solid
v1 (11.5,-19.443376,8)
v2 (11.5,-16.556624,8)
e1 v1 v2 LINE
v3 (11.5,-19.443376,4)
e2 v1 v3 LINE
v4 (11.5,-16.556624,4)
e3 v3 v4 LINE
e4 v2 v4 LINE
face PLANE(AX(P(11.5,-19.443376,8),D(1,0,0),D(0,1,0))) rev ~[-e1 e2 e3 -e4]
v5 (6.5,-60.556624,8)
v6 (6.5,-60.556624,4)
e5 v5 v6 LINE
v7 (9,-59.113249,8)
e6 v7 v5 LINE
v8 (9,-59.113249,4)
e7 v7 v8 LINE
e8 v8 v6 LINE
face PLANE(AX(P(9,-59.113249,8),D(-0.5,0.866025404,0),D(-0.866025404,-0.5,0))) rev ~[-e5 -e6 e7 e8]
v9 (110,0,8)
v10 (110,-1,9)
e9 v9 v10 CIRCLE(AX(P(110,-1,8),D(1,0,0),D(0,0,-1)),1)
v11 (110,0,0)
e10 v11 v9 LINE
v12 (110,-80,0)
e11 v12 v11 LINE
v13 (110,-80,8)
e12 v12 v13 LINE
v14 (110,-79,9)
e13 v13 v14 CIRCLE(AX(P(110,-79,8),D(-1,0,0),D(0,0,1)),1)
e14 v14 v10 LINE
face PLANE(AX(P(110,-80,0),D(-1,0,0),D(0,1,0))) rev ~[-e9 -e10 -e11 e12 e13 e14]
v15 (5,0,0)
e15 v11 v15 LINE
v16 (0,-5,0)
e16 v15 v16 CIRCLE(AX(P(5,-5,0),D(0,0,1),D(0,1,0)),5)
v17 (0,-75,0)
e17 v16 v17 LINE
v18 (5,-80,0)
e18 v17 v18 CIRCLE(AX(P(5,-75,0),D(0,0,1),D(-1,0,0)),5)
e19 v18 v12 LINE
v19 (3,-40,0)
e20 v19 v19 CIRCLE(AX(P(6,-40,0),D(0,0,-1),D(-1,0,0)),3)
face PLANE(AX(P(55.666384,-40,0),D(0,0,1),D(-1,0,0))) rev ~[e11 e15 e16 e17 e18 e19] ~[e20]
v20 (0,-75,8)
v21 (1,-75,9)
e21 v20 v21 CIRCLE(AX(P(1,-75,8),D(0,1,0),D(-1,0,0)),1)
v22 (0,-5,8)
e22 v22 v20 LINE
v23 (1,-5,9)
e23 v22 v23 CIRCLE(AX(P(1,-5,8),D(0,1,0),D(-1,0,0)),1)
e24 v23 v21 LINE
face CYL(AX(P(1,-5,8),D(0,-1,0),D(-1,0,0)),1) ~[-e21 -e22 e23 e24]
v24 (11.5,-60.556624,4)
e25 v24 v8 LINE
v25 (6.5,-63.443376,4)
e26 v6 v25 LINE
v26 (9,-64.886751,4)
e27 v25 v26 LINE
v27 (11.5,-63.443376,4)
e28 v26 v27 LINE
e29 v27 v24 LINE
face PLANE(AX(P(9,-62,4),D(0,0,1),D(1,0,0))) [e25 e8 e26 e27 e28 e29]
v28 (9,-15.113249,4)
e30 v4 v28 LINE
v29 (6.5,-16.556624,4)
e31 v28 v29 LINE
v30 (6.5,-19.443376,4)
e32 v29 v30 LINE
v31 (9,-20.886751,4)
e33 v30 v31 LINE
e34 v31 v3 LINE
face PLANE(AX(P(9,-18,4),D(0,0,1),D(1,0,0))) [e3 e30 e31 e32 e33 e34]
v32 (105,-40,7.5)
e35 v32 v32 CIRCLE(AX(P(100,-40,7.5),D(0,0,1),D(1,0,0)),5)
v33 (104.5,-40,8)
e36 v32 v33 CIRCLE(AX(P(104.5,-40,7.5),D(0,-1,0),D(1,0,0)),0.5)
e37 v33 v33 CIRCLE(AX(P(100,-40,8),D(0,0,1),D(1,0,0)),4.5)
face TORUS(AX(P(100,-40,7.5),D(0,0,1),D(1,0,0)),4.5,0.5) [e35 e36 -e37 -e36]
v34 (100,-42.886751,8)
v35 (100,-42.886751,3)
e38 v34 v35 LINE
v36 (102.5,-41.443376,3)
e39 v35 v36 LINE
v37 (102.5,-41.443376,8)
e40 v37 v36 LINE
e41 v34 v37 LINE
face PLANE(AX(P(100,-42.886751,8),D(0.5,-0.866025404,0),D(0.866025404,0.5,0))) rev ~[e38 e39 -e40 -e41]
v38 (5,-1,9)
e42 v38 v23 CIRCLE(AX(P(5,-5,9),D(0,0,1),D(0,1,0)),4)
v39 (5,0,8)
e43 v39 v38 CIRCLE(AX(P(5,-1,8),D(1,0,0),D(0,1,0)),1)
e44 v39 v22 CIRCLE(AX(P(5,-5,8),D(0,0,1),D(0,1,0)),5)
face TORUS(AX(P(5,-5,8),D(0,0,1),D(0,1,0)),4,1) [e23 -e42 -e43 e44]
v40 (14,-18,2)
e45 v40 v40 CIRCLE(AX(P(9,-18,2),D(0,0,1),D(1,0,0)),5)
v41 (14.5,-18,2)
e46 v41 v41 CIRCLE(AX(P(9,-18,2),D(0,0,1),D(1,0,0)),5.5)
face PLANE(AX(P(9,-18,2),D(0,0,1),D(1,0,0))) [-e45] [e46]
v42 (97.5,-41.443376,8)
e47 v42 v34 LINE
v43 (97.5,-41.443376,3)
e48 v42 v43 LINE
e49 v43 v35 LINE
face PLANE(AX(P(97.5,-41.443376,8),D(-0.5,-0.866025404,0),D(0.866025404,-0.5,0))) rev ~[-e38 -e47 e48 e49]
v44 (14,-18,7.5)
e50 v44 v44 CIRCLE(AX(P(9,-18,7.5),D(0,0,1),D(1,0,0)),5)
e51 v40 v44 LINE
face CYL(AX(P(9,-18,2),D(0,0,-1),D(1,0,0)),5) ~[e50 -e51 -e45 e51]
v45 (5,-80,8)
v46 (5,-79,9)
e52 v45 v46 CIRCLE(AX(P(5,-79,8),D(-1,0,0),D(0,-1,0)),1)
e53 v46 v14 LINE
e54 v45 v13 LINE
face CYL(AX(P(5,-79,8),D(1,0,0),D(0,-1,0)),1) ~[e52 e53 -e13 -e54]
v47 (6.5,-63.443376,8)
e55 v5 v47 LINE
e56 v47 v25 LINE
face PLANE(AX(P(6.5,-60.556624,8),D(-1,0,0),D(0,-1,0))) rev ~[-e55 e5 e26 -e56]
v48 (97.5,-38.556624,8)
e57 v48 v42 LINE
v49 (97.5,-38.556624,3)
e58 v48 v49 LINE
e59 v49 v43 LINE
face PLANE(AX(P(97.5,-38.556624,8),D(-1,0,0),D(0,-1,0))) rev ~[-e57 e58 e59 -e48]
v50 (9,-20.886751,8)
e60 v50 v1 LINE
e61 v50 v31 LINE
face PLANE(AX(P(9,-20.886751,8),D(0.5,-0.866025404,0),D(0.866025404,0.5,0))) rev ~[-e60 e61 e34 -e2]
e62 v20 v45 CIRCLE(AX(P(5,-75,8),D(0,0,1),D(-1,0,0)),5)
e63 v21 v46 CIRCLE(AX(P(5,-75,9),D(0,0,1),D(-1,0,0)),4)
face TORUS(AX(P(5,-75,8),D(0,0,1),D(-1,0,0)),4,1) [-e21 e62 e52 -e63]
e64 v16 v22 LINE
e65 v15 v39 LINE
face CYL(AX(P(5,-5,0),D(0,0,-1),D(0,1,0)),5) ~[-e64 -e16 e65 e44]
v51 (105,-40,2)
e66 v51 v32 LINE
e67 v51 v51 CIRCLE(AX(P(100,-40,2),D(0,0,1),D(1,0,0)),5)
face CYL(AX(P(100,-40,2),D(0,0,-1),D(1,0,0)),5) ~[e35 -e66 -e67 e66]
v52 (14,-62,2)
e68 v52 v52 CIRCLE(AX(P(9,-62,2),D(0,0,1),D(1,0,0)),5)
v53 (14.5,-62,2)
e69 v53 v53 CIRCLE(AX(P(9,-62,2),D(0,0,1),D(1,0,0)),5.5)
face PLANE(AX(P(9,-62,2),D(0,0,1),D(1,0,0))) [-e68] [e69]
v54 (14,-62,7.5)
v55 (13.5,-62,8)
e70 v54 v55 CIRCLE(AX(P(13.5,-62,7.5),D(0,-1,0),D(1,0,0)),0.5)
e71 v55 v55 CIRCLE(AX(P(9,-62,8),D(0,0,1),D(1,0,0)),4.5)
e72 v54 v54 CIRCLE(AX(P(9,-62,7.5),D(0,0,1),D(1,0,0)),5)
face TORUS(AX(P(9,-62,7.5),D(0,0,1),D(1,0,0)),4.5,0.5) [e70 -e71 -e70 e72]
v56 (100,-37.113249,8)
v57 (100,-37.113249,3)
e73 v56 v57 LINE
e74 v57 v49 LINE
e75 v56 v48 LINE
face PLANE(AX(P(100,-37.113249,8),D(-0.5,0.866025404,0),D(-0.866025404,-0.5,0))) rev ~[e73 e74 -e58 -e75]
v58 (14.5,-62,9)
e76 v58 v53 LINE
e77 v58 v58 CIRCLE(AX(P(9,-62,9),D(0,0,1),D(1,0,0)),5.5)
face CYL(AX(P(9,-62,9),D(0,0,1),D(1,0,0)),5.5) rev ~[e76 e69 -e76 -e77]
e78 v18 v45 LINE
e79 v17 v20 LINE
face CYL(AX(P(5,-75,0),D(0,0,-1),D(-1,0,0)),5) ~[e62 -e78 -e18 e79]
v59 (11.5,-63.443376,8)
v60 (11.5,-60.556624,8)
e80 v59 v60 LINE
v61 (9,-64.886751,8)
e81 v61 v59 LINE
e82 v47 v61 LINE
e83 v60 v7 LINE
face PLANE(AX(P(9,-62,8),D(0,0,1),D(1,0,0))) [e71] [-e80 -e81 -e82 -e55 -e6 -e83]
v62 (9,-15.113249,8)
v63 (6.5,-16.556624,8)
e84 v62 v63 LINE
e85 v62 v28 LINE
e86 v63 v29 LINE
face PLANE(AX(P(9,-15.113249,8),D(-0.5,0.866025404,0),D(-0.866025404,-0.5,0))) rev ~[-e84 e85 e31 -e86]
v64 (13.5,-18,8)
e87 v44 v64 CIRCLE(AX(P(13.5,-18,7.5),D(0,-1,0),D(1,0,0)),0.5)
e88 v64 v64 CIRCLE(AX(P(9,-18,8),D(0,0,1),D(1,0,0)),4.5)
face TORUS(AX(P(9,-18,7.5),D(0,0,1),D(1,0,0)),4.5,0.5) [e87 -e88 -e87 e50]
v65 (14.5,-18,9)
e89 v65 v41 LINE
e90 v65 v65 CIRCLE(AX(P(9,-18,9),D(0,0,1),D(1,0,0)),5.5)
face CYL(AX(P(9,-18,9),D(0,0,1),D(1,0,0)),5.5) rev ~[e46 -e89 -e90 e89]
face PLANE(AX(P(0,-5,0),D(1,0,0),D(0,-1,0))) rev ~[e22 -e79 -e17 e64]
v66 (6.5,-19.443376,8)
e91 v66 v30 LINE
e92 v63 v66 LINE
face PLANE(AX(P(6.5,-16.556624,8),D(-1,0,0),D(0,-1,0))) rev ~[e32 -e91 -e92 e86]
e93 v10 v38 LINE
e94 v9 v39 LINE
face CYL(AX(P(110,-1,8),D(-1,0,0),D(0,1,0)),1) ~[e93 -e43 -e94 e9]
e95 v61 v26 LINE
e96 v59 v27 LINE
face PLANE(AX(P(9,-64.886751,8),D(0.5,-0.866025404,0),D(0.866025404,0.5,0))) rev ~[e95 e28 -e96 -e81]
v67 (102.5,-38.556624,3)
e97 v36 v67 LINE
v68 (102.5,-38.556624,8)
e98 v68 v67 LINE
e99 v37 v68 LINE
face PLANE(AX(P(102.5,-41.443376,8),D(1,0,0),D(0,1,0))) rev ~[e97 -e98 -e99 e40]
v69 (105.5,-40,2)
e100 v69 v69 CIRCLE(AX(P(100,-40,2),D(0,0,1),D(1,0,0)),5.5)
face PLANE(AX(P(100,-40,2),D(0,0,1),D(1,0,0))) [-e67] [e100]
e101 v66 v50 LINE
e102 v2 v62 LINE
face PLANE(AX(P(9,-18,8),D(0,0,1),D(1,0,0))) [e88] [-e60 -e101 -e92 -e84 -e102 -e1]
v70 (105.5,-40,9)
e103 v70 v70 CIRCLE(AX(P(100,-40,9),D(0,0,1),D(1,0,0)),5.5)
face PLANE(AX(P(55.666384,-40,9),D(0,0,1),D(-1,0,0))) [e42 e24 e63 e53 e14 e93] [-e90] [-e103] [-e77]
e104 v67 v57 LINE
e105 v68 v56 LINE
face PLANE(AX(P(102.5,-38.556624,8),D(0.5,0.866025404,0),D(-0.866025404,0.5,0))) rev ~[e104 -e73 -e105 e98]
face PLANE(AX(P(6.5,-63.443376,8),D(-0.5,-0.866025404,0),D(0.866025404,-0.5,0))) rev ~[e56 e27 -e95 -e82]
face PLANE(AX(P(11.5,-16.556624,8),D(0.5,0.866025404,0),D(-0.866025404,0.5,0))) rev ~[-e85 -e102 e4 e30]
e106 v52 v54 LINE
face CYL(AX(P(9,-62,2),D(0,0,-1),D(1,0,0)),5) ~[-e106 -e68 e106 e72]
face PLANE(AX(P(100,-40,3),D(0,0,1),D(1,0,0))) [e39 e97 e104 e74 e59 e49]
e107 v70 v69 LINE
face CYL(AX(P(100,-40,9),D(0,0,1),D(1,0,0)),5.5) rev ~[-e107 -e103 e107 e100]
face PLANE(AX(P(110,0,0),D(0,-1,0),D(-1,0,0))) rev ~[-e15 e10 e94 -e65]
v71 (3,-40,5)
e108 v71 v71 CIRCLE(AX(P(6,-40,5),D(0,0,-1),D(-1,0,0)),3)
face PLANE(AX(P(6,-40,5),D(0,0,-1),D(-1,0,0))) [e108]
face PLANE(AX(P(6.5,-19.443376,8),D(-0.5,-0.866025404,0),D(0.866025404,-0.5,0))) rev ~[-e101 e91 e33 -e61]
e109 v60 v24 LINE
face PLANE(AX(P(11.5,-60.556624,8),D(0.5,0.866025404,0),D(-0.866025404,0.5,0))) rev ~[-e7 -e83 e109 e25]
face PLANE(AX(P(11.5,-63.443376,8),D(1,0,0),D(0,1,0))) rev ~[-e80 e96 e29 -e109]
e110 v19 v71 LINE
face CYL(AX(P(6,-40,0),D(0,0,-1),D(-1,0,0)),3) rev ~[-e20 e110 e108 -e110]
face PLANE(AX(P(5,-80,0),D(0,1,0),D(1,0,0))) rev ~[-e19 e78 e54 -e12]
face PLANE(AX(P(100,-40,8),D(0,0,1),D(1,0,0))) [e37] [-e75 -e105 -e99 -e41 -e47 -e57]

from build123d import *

# Parameters (mm, degrees)
BOSS_EXTRU_1_DEPTH               = 9
CONG_1_R                         = 1
ESQUISSE4_R                      = 5.5
ENL_V_MAT_EXTRU_1_DEPTH          = 7
ESQUISSE5_R                      = 5
BOSS_EXTRU_2_DEPTH               = 6
CONG_2_R                         = 0.5
ENL_V_MAT_EXTRU_2_DEPTH          = 4
R_P_TITION_LIN_AIRE1_COUNT       = 2
R_P_TITION_LIN_AIRE1_PITCH       = 44
CONG_2_OF_R_P_TITION_LIN_AIRE1_R = 0.5
ESQUISSE7_R                      = 5.5
ENL_V_MAT_EXTRU_3_DEPTH          = 7
ESQUISSE8_R                      = 5
BOSS_EXTRU_3_DEPTH               = 6
CONG_3_R                         = 0.5
ENL_V_MAT_EXTRU_4_DEPTH          = 5
ESQUISSE10_R                     = 3
ENL_V_MAT_EXTRU_5_DEPTH          = 5


with BuildPart() as part:
    # Esquisse1 → Boss.-Extru.1 (new body)
    with BuildSketch(Plane(origin=(0, 0, 0), x_dir=(-1, 0, 0), z_dir=(0, 0, 1))):
        with BuildLine():
            Line((0, 5), (0, 75))
            ThreePointArc((0, 75), (-1.464466094, 78.535533906), (-5, 80))
            Line((-5, 80), (-110, 80))
            Line((-110, 80), (-110, 0))
            Line((-110, 0), (-5, 0))
            ThreePointArc((-5, 0), (-1.464466094, 1.464466094), (0, 5))
        make_face()
    extrude(amount=BOSS_EXTRU_1_DEPTH)

    # Congé1
    cong_1_edges = [part.edges().sort_by_distance(p)[0] for p in [
        (1.464466094, -78.535533906, 9),
        (57.5, -80, 9),
        (57.5, 0, 9),
        (1.464466094, -1.464466094, 9),
        (0, -40, 9),
    ]]
    fillet(cong_1_edges, radius=CONG_1_R)

    # Esquisse4 → Enlèv. mat.-Extru.1 (cut)
    with BuildSketch(Plane.XY.offset(9)):
        with Locations((9, -18)):
            Circle(ESQUISSE4_R)
    enl_v_mat_extru_1 = extrude(amount=-ENL_V_MAT_EXTRU_1_DEPTH, mode=Mode.SUBTRACT)

    # Esquisse5 → Boss.-Extru.2 (add)
    with BuildSketch(Plane.XY.offset(2)):
        with Locations((9, -18)):
            Circle(ESQUISSE5_R)
    boss_extru_2 = extrude(amount=BOSS_EXTRU_2_DEPTH)

    # Congé2
    cong_2_edges = [part.edges().sort_by_distance(p)[0] for p in [
        (4, -18, 8),
    ]]
    fillet(cong_2_edges, radius=CONG_2_R)

    # Esquisse6 → Enlèv. mat.-Extru.2 (cut)
    with BuildSketch(Plane.XY.offset(8)):
        Polygon((9, -15.113248654), (6.5, -16.556624327), (6.5, -19.443375673), (9, -20.886751346), (11.5, -19.443375673), (11.5, -16.556624327), align=None)
    enl_v_mat_extru_2 = extrude(amount=-ENL_V_MAT_EXTRU_2_DEPTH, mode=Mode.SUBTRACT)

    # Répétition linéaire1: Enlèv. mat.-Extru.1, Boss.-Extru.2, Enlèv. mat.-Extru.2 ×2
    with Locations(*[(0, -i * R_P_TITION_LIN_AIRE1_PITCH, 0) for i in range(1, R_P_TITION_LIN_AIRE1_COUNT)]):
        add(enl_v_mat_extru_1, mode=Mode.SUBTRACT)
        add(boss_extru_2)
        add(enl_v_mat_extru_2, mode=Mode.SUBTRACT)

    # Congé2 of Répétition linéaire1
    cong_2_of_r_p_tition_lin_aire1_edges = [part.edges().sort_by_distance(p)[0] for p in [
        (4, -62, 8),
    ]]
    fillet(cong_2_of_r_p_tition_lin_aire1_edges, radius=CONG_2_OF_R_P_TITION_LIN_AIRE1_R)

    # Esquisse7 → Enlèv. mat.-Extru.3 (cut)
    with BuildSketch(Plane.XY.offset(9)):
        with Locations((100, -40)):
            Circle(ESQUISSE7_R)
    extrude(amount=-ENL_V_MAT_EXTRU_3_DEPTH, mode=Mode.SUBTRACT)

    # Esquisse8 → Boss.-Extru.3 (add)
    with BuildSketch(Plane.XY.offset(2)):
        with Locations((100, -40)):
            Circle(ESQUISSE8_R)
    extrude(amount=BOSS_EXTRU_3_DEPTH)

    # Congé3
    cong_3_edges = [part.edges().sort_by_distance(p)[0] for p in [
        (95, -40, 8),
    ]]
    fillet(cong_3_edges, radius=CONG_3_R)

    # Esquisse9 → Enlèv. mat.-Extru.4 (cut)
    with BuildSketch(Plane.XY.offset(8)):
        Polygon((100, -37.113248654), (97.5, -38.556624327), (97.5, -41.443375673), (100, -42.886751346), (102.5, -41.443375673), (102.5, -38.556624327), align=None)
    extrude(amount=-ENL_V_MAT_EXTRU_4_DEPTH, mode=Mode.SUBTRACT)

    # Esquisse10 → Enlèv. mat.-Extru.5 (cut)
    with BuildSketch(Plane(origin=(0, 0, 0), x_dir=(-1, 0, 0), z_dir=(0, 0, -1))):
        with Locations((-6, -40)):
            Circle(ESQUISSE10_R)
    extrude(amount=-ENL_V_MAT_EXTRU_5_DEPTH, mode=Mode.SUBTRACT)


solid = part.part
